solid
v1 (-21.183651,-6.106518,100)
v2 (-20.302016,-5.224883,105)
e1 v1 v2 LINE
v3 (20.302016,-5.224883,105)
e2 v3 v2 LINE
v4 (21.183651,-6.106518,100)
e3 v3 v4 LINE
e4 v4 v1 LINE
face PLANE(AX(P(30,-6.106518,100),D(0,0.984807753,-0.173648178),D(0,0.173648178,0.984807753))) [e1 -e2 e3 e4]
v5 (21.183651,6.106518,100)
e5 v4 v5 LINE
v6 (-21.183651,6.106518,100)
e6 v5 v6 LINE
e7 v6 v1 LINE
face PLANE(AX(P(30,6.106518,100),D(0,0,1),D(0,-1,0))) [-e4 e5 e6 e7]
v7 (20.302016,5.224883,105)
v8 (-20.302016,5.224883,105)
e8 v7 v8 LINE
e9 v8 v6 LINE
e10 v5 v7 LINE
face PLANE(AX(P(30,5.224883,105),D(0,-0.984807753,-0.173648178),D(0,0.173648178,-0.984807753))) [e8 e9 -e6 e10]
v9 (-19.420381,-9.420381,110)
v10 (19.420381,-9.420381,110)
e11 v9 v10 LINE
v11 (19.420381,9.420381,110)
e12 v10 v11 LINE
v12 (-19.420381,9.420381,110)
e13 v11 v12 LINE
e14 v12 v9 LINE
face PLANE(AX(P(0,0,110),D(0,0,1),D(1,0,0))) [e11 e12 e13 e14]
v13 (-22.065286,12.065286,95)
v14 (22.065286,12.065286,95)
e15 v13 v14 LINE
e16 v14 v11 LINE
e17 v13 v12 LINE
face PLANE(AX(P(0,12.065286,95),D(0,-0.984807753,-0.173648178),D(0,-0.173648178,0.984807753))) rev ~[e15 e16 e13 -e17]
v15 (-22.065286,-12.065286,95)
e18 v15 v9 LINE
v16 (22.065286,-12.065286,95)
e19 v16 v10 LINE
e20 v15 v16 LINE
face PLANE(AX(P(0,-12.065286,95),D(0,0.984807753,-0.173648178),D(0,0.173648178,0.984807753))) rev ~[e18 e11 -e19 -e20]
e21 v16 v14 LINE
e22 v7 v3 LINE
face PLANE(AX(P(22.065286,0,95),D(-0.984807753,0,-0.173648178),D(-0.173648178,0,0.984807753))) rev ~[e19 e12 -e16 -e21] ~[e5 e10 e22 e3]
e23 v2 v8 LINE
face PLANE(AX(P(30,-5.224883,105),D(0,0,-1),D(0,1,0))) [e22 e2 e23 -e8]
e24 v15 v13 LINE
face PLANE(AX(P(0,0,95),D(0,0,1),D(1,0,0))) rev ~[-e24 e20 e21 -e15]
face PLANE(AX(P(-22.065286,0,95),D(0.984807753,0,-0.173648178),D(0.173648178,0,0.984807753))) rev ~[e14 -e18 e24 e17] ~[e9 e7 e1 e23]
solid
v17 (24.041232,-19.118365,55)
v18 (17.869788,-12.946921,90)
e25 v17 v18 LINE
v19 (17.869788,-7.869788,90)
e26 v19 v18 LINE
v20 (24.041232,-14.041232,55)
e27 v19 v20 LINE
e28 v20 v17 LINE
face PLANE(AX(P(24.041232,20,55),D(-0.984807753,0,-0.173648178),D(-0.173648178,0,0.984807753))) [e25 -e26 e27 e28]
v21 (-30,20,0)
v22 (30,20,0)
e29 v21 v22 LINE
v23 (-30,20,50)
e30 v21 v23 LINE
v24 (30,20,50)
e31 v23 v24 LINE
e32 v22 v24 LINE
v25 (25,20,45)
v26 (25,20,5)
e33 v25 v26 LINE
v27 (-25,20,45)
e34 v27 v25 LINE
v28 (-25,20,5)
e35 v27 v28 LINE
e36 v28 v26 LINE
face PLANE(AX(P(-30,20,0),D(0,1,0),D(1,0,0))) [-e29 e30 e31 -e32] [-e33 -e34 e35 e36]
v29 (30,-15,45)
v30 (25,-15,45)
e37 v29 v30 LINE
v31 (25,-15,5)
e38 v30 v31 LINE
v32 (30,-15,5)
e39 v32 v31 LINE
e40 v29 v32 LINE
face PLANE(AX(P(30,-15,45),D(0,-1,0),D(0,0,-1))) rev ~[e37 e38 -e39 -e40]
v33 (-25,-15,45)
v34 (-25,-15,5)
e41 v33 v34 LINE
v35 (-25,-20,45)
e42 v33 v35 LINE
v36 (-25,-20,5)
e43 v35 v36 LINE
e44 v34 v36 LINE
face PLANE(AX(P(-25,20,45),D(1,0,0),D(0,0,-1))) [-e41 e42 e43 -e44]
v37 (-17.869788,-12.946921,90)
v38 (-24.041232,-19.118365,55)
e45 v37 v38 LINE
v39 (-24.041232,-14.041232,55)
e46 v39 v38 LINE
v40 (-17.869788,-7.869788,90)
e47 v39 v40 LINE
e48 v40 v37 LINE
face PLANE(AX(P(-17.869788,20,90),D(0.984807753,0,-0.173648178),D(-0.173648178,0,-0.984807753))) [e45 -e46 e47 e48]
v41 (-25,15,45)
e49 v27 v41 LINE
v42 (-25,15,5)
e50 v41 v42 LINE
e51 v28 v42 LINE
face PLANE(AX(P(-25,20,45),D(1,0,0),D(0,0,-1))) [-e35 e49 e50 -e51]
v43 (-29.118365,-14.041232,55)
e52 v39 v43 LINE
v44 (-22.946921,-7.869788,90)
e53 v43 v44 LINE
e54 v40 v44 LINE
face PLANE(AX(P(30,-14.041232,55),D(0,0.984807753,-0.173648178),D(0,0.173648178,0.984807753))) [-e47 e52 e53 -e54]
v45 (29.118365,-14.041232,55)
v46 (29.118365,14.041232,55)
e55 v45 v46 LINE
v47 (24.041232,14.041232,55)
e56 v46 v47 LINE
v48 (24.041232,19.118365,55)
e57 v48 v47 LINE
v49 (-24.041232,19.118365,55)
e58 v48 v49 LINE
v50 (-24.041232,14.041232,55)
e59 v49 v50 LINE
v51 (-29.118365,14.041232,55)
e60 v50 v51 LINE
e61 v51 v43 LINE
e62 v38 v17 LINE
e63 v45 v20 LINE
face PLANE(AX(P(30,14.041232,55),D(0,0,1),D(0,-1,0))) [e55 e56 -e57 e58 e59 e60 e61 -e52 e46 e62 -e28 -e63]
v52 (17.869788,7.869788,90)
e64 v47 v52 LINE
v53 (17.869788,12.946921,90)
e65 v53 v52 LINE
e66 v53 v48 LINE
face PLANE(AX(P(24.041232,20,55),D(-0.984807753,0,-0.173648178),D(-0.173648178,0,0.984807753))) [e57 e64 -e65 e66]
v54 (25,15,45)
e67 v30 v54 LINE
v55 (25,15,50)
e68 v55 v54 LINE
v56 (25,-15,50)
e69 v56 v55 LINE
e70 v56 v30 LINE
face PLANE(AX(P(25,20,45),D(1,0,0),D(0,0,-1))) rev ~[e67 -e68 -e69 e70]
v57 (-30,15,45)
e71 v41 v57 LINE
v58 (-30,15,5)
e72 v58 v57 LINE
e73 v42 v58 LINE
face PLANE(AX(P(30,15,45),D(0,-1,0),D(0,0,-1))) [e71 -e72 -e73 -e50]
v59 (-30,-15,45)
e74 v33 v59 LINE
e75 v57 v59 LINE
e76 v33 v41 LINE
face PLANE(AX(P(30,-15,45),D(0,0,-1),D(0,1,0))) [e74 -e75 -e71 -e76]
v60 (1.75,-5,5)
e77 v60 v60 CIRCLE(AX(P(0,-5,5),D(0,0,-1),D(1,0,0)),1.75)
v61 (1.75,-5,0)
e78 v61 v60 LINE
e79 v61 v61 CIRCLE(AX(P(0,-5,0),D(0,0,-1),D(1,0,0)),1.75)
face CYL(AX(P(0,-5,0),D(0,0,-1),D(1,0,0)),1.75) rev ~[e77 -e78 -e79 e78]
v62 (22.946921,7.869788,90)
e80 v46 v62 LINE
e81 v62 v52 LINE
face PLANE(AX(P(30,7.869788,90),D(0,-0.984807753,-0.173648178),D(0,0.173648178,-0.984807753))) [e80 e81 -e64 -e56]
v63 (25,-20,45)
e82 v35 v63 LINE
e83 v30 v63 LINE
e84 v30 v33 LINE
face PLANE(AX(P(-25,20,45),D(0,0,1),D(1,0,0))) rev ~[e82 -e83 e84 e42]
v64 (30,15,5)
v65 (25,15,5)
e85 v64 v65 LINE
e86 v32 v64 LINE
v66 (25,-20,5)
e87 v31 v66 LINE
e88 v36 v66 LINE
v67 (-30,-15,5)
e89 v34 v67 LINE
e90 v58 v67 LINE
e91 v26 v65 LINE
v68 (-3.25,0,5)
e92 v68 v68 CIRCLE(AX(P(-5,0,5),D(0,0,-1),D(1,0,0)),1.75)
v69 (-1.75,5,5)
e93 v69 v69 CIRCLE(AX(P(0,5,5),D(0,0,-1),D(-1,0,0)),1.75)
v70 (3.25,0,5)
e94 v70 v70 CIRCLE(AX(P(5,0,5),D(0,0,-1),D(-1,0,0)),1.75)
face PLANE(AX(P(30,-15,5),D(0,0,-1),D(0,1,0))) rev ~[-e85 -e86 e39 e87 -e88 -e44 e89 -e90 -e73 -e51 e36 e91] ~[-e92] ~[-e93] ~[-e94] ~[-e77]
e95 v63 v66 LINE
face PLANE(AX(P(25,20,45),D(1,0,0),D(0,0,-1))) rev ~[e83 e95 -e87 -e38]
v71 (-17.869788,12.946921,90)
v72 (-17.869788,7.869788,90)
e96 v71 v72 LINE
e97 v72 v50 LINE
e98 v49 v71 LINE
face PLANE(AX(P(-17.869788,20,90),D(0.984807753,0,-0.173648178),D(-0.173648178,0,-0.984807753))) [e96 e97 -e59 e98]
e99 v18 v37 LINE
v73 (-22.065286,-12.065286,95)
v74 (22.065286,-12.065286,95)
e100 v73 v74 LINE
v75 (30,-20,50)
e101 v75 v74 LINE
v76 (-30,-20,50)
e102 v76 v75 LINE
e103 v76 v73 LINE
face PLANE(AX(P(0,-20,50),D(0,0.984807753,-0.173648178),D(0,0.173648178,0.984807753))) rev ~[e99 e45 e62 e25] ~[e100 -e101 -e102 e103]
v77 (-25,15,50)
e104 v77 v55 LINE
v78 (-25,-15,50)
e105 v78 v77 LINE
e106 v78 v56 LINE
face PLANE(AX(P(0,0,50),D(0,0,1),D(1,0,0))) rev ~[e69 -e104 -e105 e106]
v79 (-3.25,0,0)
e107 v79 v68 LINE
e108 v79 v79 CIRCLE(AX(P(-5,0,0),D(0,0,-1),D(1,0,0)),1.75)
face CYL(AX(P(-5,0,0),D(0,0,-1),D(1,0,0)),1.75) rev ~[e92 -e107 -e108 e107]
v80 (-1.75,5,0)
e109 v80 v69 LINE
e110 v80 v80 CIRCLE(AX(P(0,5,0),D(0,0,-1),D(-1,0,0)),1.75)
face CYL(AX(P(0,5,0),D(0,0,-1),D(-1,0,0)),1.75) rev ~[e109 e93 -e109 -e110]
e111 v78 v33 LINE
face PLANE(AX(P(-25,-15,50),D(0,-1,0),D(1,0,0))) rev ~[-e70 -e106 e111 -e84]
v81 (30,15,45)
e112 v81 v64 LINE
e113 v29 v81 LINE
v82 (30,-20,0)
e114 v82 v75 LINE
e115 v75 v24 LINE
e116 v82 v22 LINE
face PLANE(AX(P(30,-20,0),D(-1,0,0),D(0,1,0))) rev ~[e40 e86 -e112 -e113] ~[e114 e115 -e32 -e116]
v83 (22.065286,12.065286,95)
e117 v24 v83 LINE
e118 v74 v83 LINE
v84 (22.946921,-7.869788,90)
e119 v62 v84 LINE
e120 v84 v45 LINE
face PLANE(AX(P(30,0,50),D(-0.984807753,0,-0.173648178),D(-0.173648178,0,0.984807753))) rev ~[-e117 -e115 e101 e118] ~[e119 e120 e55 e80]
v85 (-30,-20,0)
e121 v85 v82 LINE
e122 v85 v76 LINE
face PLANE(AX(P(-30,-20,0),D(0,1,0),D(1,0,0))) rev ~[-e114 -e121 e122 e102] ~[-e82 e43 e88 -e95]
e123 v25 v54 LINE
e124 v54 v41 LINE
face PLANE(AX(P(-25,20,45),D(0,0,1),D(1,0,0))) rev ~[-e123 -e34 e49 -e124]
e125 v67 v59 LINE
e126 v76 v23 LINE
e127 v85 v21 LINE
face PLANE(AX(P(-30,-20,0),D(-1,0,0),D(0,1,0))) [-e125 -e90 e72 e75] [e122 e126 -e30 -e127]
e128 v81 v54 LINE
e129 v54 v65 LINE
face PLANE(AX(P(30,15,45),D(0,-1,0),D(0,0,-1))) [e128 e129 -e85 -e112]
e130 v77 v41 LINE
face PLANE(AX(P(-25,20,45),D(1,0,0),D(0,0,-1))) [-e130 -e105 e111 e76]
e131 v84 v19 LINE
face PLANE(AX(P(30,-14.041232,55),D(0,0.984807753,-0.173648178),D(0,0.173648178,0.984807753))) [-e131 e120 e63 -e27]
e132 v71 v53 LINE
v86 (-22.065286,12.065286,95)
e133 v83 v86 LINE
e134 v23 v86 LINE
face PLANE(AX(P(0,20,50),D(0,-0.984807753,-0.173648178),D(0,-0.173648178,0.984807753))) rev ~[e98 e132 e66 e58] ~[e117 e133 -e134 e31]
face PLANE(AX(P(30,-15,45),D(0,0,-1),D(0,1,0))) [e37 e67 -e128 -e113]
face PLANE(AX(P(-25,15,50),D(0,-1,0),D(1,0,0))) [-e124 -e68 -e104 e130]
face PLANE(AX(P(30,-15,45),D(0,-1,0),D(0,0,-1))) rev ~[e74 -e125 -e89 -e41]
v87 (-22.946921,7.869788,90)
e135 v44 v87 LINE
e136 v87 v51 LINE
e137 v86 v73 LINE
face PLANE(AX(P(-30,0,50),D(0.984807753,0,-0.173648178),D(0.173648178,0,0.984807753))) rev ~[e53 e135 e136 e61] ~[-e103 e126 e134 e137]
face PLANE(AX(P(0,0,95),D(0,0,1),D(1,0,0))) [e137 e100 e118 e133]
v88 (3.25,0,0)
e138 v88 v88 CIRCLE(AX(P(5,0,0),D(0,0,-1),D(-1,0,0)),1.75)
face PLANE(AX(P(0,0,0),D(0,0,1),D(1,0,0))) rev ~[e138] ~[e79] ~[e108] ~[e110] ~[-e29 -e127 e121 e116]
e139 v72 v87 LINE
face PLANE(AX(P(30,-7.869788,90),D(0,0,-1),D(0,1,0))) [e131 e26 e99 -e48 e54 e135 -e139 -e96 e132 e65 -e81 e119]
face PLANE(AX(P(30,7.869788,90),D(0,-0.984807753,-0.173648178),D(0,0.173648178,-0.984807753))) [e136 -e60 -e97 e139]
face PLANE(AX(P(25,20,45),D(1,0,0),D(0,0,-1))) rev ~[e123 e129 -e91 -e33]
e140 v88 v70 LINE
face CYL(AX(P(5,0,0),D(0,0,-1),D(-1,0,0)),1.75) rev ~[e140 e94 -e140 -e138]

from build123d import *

# Parameters (mm, degrees)
SKETCH1_W           = 60
SKETCH1_H           = 40
BOSS_EXTRUDE1_DEPTH = 50
SKETCH2_W           = 50
SKETCH2_H           = 30
CUT_EXTRUDE1_DEPTH  = 45
SKETCH3_W           = 50
SKETCH3_H           = 40
CUT_EXTRUDE2_DEPTH  = 45
SKETCH4_W           = 40
SKETCH4_H           = 30
CUT_EXTRUDE3_DEPTH  = 81.622577483
SKETCH5_W           = 60
SKETCH5_H           = 40
BOSS_EXTRUDE2_DEPTH = 45
BOSS_EXTRUDE2_TAPER = 10
CUT_EXTRUDE6_DEPTH  = 109.034251597
CUT_EXTRUDE7_DEPTH  = 114.321745988
SKETCH10_W          = 44.130571736
SKETCH10_H          = 24.130571736
BOSS_EXTRUDE3_DEPTH = 15
BOSS_EXTRUDE3_TAPER = 9.999999999
CUT_EXTRUDE8_DEPTH  = 114.321745988
SKETCH17_R          = 1.75
CUT_EXTRUDE10_DEPTH = 10


with BuildPart() as part:
    # Sketch1 → Boss-Extrude1 (new body)
    with BuildSketch(Plane.XY):
        Rectangle(SKETCH1_W, SKETCH1_H)
    extrude(amount=BOSS_EXTRUDE1_DEPTH)

    # Sketch2 → Cut-Extrude1 (cut)
    with BuildSketch(Plane.XY.offset(50)):
        Rectangle(SKETCH2_W, SKETCH2_H)
    extrude(amount=-CUT_EXTRUDE1_DEPTH, mode=Mode.SUBTRACT)

    # Sketch3 → Cut-Extrude2 (cut)
    with BuildSketch(Plane(origin=(0, 20, 0), x_dir=(1, 0, 0), z_dir=(0, 1, 0))):
        with Locations((0, -25)):
            Rectangle(SKETCH3_W, SKETCH3_H)
    extrude(amount=-CUT_EXTRUDE2_DEPTH, mode=Mode.SUBTRACT)

    # Sketch4 → Cut-Extrude3 (cut, through all)
    with BuildSketch(Plane(origin=(30, 0, 0), x_dir=(0, 0, -1), z_dir=(1, 0, 0))):
        with Locations((-25, 0)):
            Rectangle(SKETCH4_W, SKETCH4_H)
    extrude(amount=-CUT_EXTRUDE3_DEPTH, mode=Mode.SUBTRACT)

    # Sketch5 → Boss-Extrude2 (add)
    with BuildSketch(Plane.XY.offset(50)):
        Rectangle(SKETCH5_W, SKETCH5_H)
    extrude(amount=BOSS_EXTRUDE2_DEPTH, taper=BOSS_EXTRUDE2_TAPER)

    # Sketch6 → Cut-Extrude6 (cut, through all)
    with BuildSketch(Plane(origin=(0, 20, 95.767424097), x_dir=(1, 0, 0), z_dir=(0, -1, 0))):
        Polygon((-24.041232037, -40.767424097), (24.041232037, -40.767424097), (17.869787712, -5.767424097), (-17.869787712, -5.767424097), align=None)
    extrude(amount=CUT_EXTRUDE6_DEPTH, mode=Mode.SUBTRACT)

    # Sketch9 → Cut-Extrude7 (cut, through all)
    with BuildSketch(Plane(origin=(30, 0, 94.030942321), x_dir=(0, 0, 1), z_dir=(-1, 0, 0))):
        Polygon((-39.030942321, 14.041232037), (-39.030942321, -14.041232037), (-4.030942321, -7.869787712), (-4.030942321, 7.869787712), align=None)
    extrude(amount=CUT_EXTRUDE7_DEPTH, mode=Mode.SUBTRACT)

    # Sketch17 → Cut-Extrude10 (cut)
    with BuildSketch(Plane(origin=(0, 0, 0), x_dir=(-1, 0, 0), z_dir=(0, 0, -1))):
        with Locations((-5, 0)):
            Circle(SKETCH17_R)
        with Locations((0, 5)):
            Circle(SKETCH17_R)
        with Locations(Location((5, 0, 0), (0, 0, 180))):
            Circle(SKETCH17_R)
        with Locations(Location((0, -5, 0), (0, 0, 180))):
            Circle(SKETCH17_R)
    extrude(amount=-CUT_EXTRUDE10_DEPTH, mode=Mode.SUBTRACT)


with BuildPart() as body_2:
    # Sketch10 → Boss-Extrude3 (new body)
    with BuildSketch(Plane.XY.offset(95)):
        Rectangle(SKETCH10_W, SKETCH10_H)
    extrude(amount=BOSS_EXTRUDE3_DEPTH, taper=BOSS_EXTRUDE3_TAPER)

    # Sketch15 → Cut-Extrude8 (cut, through all)
    with BuildSketch(Plane(origin=(30, 0, 94.030942321), x_dir=(0, 0, 1), z_dir=(-1, 0, 0))):
        Polygon((5.969057679, 6.106517905), (5.969057679, -6.106517905), (10.969057679, -5.224883002), (10.969057679, 5.224883002), align=None)
    extrude(amount=CUT_EXTRUDE8_DEPTH, mode=Mode.SUBTRACT)


solid = Compound([part.part, body_2.part])
